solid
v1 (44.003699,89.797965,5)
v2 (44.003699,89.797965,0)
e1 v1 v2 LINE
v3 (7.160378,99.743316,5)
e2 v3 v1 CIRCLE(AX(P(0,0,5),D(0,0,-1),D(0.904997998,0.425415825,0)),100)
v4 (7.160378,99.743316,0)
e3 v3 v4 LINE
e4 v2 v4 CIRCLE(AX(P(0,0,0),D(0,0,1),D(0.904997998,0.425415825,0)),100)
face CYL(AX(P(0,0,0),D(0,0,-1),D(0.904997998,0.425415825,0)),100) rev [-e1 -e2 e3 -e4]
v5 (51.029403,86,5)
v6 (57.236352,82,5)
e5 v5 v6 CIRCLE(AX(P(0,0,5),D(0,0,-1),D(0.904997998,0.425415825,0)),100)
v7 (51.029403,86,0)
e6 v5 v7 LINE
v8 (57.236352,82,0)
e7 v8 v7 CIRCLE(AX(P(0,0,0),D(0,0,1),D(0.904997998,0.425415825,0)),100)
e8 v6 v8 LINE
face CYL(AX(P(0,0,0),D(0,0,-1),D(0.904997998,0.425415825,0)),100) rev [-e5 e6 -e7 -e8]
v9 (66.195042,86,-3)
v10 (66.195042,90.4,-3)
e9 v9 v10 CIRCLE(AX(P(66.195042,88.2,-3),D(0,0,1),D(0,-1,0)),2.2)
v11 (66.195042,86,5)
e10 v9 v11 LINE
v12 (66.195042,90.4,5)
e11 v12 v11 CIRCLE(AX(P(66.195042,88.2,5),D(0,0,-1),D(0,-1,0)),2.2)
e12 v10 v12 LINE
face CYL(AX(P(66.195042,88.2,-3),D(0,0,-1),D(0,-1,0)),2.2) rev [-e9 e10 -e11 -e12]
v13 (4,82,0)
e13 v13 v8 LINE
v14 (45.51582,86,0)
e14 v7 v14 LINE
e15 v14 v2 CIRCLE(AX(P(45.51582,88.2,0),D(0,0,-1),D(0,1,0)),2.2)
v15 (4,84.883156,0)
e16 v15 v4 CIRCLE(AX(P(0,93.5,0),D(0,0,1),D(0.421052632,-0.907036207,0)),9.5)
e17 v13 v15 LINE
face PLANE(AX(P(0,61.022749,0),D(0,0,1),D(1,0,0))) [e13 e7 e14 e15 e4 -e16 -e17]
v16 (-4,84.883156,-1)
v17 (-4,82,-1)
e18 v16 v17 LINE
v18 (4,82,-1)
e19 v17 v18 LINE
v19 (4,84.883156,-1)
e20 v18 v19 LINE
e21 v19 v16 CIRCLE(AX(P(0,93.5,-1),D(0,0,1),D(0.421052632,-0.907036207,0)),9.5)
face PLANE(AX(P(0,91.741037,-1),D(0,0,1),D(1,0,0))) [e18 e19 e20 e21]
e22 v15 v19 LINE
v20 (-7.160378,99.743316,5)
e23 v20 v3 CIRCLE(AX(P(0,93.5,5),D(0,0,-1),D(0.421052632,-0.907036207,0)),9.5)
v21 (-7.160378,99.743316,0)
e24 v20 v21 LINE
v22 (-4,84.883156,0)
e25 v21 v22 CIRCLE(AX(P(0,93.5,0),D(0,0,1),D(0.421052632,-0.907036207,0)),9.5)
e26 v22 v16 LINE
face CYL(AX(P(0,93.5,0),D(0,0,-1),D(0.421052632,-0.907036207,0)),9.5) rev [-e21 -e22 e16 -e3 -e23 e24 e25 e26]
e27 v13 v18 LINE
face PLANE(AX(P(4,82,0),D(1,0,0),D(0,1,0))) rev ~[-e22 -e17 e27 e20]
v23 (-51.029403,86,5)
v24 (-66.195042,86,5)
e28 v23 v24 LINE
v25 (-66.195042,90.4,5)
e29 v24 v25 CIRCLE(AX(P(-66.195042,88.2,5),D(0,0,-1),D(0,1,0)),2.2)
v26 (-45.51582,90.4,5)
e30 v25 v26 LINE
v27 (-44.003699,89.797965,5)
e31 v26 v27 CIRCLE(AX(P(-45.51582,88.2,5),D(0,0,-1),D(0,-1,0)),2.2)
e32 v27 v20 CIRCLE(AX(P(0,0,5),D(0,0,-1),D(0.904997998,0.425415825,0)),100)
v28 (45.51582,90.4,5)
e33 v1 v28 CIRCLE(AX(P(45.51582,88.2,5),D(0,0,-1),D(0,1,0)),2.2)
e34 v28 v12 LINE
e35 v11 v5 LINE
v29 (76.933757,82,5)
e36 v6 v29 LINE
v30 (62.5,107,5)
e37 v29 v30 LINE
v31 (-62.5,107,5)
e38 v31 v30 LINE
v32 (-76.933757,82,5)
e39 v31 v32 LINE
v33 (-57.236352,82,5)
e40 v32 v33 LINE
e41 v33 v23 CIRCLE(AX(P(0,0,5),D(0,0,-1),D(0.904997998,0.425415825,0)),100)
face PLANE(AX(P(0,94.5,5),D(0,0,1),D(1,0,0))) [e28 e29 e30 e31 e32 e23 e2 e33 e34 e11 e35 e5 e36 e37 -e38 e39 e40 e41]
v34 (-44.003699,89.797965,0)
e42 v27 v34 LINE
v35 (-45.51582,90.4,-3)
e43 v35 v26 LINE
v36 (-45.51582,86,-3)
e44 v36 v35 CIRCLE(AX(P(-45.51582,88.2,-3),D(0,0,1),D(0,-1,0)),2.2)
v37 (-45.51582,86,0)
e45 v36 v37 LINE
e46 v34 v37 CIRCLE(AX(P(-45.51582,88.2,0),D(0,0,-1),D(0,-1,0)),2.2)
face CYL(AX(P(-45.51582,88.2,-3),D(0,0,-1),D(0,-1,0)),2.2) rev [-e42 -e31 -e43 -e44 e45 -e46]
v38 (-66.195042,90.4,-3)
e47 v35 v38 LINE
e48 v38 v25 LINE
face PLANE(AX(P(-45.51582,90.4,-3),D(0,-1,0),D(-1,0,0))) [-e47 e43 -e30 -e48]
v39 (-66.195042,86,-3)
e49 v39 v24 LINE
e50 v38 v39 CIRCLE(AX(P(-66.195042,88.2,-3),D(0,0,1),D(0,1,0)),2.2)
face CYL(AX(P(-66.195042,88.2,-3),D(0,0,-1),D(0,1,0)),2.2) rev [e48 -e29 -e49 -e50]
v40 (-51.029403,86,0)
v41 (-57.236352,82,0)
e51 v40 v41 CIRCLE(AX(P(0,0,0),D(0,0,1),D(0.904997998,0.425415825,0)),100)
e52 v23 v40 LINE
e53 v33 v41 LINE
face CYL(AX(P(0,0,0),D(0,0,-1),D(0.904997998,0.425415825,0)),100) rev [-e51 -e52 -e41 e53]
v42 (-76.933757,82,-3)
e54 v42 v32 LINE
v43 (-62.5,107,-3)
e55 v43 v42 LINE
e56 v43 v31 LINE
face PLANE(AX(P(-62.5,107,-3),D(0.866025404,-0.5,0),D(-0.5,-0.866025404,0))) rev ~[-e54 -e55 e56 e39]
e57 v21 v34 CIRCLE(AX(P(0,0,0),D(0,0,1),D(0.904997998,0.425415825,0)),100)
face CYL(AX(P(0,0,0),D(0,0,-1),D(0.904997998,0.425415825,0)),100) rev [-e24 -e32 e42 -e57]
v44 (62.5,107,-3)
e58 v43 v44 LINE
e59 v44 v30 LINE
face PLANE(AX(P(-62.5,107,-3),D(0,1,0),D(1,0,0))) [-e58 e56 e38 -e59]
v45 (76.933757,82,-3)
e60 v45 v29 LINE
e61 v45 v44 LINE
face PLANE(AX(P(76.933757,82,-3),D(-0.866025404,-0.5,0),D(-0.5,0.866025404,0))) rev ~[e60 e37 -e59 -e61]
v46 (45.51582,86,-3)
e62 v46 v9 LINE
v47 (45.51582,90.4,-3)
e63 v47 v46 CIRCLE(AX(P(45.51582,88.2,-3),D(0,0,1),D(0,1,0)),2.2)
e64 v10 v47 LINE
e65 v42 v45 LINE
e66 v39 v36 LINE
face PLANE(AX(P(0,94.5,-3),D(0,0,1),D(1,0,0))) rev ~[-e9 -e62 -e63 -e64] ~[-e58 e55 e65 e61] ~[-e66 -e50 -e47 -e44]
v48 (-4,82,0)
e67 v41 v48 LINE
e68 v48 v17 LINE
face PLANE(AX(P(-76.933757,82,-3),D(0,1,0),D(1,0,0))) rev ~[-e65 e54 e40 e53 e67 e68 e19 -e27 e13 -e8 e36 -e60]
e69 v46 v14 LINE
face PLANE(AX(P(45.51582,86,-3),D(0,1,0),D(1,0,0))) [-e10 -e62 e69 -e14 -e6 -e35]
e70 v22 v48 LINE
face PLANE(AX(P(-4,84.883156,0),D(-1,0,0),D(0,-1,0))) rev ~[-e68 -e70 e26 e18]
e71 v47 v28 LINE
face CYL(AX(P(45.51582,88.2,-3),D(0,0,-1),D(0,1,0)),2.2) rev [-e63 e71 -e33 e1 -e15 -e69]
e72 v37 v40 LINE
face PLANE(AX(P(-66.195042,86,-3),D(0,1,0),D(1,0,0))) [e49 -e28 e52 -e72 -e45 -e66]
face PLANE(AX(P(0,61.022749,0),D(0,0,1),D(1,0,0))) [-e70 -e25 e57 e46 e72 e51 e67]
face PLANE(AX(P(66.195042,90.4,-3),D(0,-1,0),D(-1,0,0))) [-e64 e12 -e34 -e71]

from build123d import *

# Parameters (mm, degrees)
F2_W          = 125
F2_H          = 25
F3_DEPTH      = 8
F4_DEPTH      = 25
F6_DEPTH      = 1
F6_DEPTH_BACK = 25
F8_DEPTH      = 5
F10_DEPTH     = 25


with BuildPart() as f3:
    # F2 (on offset) → F3 (new body)
    with BuildSketch(Plane.XY.offset(-3)):
        with Locations((0, 94.5)):
            Rectangle(F2_W, F2_H)
        Polygon((-62.5, 82), (-62.5, 107), (-76.9337567297, 82), align=None)
        Polygon((76.9337567297, 82), (62.5, 107), (62.5, 82), align=None)
    extrude(amount=F3_DEPTH)

    # F0 (on Top) → F4 (cut)
    with BuildSketch(Plane.XY):
        with BuildLine():
            Line((-90.4997997897, 42.5415824579), (90.4997997897, 42.5415824579))
            ThreePointArc((90.4997997897, 42.5415824579), (0, 100), (-90.4997997897, 42.5415824579))
        make_face()
    extrude(amount=F4_DEPTH, mode=Mode.SUBTRACT)

    # F5 (on Top) → F6 (cut, two sides)
    with BuildSketch(Plane.XY) as f6_sk:
        with BuildLine():
            Line((4, 82), (4, 84.8831560302))
            ThreePointArc((4, 84.8831560302), (0, 103), (-4, 84.8831560302))
            Line((-4, 84.8831560302), (-4, 82))
            Line((-4, 82), (4, 82))
        make_face()
    extrude(amount=-F6_DEPTH, mode=Mode.SUBTRACT)
    extrude(f6_sk.sketch, amount=F6_DEPTH_BACK, mode=Mode.SUBTRACT)

    # F7 (on face) → F8 (cut)
    with BuildSketch(Plane.XY.offset(5)):
        with BuildLine():
            Line((62.5, 207), (58.7661641518, 207))
            ThreePointArc((58.7661641518, 207), (49.6095920415, 196.0748240465), (51.8682665386, 182))
            Line((51.8682665386, 182), (76.9337567297, 182))
            Line((76.9337567297, 182), (62.5, 207))
        make_face()
        with BuildLine():
            ThreePointArc((-51.8682665386, 182), (-49.6095920415, 196.0748240465), (-58.7661641518, 207))
            Line((-58.7661641518, 207), (-62.5, 207))
            Line((-62.5, 207), (-76.9337567297, 182))
            Line((-76.9337567297, 182), (-51.8682665386, 182))
        make_face()
    extrude(amount=-F8_DEPTH, mode=Mode.SUBTRACT)

    # F9 (on offset) → F10 (cut)
    with BuildSketch(Plane.XY.offset(-3)):
        with BuildLine():
            Line((55.8554306626, 86), (66.1950417228, 86))
            ThreePointArc((66.1950417228, 86), (68.3950417228, 88.2), (66.1950417228, 90.4))
            Line((66.1950417228, 90.4), (55.8554306626, 90.4))
            Line((55.8554306626, 90.4), (45.5158196025, 90.4))
            ThreePointArc((45.5158196025, 90.4), (43.3158196025, 88.2), (45.5158196025, 86))
            Line((45.5158196025, 86), (55.8554306626, 86))
        make_face()
        with BuildLine():
            ThreePointArc((-66.1950417228, 90.4), (-68.3950417228, 88.2), (-66.1950417228, 86))
            Line((-66.1950417228, 86), (-55.8554306626, 86))
            Line((-55.8554306626, 86), (-45.5158196025, 86))
            ThreePointArc((-45.5158196025, 86), (-43.3158196025, 88.2), (-45.5158196025, 90.4))
            Line((-45.5158196025, 90.4), (-55.8554306626, 90.4))
            Line((-55.8554306626, 90.4), (-66.1950417228, 90.4))
        make_face()
    extrude(amount=F10_DEPTH, mode=Mode.SUBTRACT)


solid = f3.part
